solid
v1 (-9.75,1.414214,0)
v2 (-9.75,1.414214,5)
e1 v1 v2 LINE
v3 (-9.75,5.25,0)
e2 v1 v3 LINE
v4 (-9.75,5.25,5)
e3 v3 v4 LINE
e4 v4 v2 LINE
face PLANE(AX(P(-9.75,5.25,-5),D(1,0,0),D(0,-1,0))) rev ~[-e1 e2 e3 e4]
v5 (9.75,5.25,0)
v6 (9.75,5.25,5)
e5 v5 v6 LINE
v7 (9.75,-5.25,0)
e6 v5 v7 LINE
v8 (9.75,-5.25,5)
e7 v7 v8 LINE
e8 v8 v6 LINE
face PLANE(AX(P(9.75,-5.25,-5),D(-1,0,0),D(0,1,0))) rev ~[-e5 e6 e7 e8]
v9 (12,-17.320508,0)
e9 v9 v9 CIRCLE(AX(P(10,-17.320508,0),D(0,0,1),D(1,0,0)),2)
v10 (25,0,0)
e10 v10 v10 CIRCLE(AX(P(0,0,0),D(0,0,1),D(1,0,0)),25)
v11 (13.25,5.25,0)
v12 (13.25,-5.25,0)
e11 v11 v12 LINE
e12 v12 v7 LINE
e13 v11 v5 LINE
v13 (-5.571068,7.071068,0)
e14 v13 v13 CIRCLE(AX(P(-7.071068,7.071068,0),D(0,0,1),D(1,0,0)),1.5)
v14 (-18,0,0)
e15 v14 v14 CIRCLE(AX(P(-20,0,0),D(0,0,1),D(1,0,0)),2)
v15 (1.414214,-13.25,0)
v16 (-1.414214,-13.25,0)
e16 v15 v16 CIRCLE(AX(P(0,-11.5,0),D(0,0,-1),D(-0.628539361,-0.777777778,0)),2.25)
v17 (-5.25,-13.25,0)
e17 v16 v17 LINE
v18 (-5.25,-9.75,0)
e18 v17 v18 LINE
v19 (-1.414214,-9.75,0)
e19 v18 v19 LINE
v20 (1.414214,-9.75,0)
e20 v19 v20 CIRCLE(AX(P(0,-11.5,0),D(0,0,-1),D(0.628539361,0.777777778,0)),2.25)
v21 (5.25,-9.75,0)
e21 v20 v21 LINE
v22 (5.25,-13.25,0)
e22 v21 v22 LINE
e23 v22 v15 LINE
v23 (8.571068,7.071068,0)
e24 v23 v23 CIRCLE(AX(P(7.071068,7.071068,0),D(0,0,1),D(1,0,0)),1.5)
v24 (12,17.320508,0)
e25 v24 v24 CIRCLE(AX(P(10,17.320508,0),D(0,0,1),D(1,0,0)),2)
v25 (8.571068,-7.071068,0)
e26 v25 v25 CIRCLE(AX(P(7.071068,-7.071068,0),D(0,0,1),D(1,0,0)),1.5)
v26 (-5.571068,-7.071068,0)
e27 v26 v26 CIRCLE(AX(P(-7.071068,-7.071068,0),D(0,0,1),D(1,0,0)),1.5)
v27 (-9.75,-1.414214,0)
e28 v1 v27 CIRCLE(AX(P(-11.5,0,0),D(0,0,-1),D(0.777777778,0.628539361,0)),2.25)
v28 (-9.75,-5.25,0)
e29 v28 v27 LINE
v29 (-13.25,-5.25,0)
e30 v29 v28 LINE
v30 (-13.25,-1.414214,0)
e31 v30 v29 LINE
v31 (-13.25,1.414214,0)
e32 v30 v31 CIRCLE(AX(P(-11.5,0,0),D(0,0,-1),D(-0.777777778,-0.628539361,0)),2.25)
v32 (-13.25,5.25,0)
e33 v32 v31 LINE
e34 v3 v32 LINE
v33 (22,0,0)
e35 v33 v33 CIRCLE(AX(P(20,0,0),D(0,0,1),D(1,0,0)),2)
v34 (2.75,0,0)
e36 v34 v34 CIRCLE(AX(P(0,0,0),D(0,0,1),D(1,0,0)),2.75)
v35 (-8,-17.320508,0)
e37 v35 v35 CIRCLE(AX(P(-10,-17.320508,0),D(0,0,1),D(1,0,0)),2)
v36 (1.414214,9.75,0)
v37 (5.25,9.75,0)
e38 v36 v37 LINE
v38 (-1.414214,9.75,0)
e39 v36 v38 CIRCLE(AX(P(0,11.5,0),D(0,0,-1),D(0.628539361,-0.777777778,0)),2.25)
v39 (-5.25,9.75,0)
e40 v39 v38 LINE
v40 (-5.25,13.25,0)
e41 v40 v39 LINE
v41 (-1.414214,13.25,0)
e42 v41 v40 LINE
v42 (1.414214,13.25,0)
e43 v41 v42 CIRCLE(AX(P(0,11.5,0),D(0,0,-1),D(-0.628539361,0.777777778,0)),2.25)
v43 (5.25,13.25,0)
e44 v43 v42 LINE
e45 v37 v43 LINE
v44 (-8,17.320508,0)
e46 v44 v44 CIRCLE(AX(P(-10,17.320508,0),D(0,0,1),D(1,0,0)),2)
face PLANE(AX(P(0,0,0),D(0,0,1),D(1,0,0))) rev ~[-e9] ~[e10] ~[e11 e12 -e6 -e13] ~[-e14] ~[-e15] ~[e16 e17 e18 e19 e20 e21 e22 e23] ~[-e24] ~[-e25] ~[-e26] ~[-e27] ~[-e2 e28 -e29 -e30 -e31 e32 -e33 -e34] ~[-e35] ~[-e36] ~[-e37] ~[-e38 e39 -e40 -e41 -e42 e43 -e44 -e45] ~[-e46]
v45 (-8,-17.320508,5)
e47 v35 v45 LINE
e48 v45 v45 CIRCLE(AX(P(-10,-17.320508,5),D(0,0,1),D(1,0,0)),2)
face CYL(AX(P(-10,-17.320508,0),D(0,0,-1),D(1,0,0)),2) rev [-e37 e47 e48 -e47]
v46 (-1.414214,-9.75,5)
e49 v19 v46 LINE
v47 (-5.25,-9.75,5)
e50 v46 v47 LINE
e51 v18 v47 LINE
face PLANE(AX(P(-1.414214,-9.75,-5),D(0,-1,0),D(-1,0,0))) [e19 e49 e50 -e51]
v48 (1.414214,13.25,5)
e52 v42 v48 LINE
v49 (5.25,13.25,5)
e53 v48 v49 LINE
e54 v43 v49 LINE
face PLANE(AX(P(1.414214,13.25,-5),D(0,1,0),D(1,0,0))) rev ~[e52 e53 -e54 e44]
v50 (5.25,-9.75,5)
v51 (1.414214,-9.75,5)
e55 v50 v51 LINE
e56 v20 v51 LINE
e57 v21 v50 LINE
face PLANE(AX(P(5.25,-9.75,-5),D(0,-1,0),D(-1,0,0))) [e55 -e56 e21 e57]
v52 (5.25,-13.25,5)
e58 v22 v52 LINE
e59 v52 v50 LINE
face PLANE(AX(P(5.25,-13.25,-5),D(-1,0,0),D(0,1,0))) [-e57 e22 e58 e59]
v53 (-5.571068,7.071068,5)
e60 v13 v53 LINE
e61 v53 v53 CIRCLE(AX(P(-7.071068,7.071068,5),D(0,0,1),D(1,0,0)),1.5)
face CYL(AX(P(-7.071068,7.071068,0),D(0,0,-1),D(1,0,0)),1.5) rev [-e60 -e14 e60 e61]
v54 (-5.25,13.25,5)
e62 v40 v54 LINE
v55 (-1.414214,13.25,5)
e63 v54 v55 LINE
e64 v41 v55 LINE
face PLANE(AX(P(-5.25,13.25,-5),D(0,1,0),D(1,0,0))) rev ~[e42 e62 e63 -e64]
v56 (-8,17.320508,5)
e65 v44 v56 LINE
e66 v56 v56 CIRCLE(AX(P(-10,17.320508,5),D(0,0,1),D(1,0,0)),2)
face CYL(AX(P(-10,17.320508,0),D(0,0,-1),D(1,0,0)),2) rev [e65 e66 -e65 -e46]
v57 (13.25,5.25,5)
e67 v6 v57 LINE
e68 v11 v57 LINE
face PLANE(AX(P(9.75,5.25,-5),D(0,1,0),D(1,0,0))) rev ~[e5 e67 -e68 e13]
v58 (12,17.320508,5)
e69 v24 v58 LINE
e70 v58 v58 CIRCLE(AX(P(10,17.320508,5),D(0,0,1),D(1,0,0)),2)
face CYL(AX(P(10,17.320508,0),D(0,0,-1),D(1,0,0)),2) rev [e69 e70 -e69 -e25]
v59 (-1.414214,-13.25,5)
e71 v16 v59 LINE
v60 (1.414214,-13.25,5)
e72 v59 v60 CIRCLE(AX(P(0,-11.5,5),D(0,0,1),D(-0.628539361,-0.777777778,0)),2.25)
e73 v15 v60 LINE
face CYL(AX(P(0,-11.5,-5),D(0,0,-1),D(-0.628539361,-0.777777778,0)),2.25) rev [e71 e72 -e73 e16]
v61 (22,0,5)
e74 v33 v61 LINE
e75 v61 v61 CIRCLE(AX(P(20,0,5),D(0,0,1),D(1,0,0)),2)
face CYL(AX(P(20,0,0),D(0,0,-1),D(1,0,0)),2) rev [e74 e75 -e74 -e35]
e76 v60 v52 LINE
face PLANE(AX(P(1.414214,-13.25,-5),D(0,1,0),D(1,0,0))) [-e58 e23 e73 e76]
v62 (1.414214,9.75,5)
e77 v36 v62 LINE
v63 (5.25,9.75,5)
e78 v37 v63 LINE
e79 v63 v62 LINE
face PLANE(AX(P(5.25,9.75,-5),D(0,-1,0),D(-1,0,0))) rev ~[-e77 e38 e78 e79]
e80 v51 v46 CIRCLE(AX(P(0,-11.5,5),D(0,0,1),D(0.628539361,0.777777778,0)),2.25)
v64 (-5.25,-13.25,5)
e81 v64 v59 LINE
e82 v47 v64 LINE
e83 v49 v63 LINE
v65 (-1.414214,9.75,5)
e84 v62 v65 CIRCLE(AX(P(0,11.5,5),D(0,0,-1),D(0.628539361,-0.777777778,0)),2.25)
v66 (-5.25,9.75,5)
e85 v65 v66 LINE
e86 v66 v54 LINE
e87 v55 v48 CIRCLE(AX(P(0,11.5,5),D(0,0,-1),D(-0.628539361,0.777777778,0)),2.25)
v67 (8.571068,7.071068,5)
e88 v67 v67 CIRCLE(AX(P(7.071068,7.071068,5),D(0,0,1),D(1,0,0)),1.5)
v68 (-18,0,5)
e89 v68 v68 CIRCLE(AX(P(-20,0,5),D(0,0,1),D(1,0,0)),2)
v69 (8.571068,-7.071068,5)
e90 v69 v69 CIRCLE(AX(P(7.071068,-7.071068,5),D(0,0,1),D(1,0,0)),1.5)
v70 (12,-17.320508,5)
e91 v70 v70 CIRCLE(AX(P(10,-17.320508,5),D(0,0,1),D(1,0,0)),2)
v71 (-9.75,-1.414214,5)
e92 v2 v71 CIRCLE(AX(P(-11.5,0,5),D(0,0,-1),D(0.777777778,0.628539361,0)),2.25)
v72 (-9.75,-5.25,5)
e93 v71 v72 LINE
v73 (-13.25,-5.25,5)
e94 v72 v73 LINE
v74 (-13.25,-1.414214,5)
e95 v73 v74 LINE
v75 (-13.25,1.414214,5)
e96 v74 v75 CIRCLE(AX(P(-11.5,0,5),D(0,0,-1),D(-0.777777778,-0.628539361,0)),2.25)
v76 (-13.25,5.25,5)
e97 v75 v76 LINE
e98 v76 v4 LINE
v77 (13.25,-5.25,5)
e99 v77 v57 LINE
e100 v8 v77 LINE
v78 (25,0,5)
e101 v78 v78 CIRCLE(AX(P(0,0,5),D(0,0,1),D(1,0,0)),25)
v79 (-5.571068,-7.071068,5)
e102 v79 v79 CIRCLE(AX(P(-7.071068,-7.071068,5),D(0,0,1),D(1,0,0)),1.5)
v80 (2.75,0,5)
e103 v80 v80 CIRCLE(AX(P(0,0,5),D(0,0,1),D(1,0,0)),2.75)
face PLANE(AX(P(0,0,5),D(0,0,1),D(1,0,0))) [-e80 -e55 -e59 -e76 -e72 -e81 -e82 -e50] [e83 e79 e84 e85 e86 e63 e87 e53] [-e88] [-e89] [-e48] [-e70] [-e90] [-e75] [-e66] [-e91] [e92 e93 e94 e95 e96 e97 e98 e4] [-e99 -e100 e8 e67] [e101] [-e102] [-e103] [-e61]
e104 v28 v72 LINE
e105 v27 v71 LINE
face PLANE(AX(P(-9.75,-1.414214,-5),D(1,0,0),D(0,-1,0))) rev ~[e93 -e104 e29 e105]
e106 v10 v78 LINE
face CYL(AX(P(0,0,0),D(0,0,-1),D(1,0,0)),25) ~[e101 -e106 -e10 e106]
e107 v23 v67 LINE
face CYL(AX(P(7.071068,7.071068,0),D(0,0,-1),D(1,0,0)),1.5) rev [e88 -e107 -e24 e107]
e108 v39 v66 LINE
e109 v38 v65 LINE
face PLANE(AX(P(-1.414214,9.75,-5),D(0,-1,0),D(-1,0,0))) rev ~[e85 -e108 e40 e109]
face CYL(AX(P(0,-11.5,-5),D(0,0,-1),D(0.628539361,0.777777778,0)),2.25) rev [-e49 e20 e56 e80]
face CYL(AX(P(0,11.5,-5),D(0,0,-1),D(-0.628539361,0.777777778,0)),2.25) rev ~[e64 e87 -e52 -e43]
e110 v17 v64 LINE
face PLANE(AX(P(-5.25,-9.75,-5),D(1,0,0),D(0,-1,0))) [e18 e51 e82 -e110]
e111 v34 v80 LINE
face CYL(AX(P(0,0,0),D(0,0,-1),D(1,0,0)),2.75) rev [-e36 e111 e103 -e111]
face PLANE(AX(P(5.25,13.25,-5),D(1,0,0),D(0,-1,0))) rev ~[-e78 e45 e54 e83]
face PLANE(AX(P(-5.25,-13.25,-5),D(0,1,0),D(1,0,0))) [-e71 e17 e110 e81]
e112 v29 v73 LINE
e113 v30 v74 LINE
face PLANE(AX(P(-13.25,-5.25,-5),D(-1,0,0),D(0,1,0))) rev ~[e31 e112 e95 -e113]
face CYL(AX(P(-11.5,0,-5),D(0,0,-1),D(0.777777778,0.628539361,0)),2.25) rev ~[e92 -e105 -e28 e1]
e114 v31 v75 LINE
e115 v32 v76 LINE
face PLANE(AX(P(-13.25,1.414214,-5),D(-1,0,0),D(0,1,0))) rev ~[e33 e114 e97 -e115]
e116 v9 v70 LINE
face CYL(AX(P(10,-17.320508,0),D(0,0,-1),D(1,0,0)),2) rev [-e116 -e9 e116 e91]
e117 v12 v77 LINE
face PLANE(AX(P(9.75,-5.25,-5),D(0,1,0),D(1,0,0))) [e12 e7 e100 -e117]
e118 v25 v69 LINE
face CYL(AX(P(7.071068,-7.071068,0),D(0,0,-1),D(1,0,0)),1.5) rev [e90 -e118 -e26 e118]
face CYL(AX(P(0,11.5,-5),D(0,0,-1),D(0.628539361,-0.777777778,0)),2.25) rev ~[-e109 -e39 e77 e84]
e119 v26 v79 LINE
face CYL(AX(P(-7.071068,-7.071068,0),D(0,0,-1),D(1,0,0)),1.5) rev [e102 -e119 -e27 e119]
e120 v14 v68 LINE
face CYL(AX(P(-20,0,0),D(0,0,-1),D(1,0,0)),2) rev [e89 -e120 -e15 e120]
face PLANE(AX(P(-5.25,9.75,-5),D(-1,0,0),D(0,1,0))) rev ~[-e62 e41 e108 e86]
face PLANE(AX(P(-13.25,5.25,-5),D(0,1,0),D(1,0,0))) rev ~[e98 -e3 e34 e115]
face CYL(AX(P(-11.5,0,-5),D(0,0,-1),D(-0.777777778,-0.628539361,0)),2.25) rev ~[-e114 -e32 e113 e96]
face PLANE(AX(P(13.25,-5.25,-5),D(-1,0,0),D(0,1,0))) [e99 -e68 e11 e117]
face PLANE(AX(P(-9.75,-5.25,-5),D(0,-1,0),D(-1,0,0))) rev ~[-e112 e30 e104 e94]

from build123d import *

# Parameters (mm, degrees)
SKETCH_1_R          = 25
SKETCH_1_W          = 3
SKETCH_1_H          = 10
SKETCH_1_R_2        = 2
SKETCH_1_R_3        = 1.5
SKETCH_1_R_4        = 2.75
EXTRUDE_1_DEPTH     = 5
CUT_EXTRUDE_START   = -10
SKETCH_3_W          = 3.5
SKETCH_3_H          = 10.5
SKETCH_3_W_2        = 3
SKETCH_3_H_2        = 10
CUT_EXTRUDE_1_DEPTH = 10


with BuildPart() as part:
    # 草图1 → 凸台-拉伸1 (new body)
    with BuildSketch(Plane.XY):
        Circle(SKETCH_1_R)
        with Locations((11.5, 0)):
            Rectangle(SKETCH_1_W, SKETCH_1_H, mode=Mode.SUBTRACT)
        with Locations((-10, -17.320508076)):
            Circle(SKETCH_1_R_2, mode=Mode.SUBTRACT)
        with Locations((-7.071067812, -7.071067812)):
            Circle(SKETCH_1_R_3, mode=Mode.SUBTRACT)
        with BuildLine():
            Line((-10, -1.322875656), (-10, -5))
            Line((-10, -5), (-13, -5))
            Line((-13, -5), (-13, -1.322875656))
            ThreePointArc((-13, -1.322875656), (-13.5, 0), (-13, 1.322875656))
            Line((-13, 1.322875656), (-13, 5))
            Line((-13, 5), (-10, 5))
            Line((-10, 5), (-10, 1.322875656))
            ThreePointArc((-10, 1.322875656), (-9.5, 0), (-10, -1.322875656))
        make_face(mode=Mode.SUBTRACT)
        with Locations((10, -17.320508076)):
            Circle(SKETCH_1_R_2, mode=Mode.SUBTRACT)
        with BuildLine():
            Line((1.322875656, -10), (5, -10))
            Line((5, -10), (5, -13))
            Line((5, -13), (1.322875656, -13))
            ThreePointArc((1.322875656, -13), (0, -13.5), (-1.322875656, -13))
            Line((-1.322875656, -13), (-5, -13))
            Line((-5, -13), (-5, -10))
            Line((-5, -10), (-1.322875656, -10))
            ThreePointArc((-1.322875656, -10), (0, -9.5), (1.322875656, -10))
        make_face(mode=Mode.SUBTRACT)
        with Locations((7.071067812, -7.071067812)):
            Circle(SKETCH_1_R_3, mode=Mode.SUBTRACT)
        with Locations((-20, 0)):
            Circle(SKETCH_1_R_2, mode=Mode.SUBTRACT)
        with Locations((-7.071067812, 7.071067812)):
            Circle(SKETCH_1_R_3, mode=Mode.SUBTRACT)
        with BuildLine():
            Line((-1.322875656, 10), (-5, 10))
            Line((-5, 10), (-5, 13))
            Line((-5, 13), (-1.322875656, 13))
            ThreePointArc((-1.322875656, 13), (0, 13.5), (1.322875656, 13))
            Line((1.322875656, 13), (5, 13))
            Line((5, 13), (5, 10))
            Line((5, 10), (1.322875656, 10))
            ThreePointArc((1.322875656, 10), (0, 9.5), (-1.322875656, 10))
        make_face(mode=Mode.SUBTRACT)
        with Locations((-10, 17.320508076)):
            Circle(SKETCH_1_R_2, mode=Mode.SUBTRACT)
        Circle(SKETCH_1_R_4, mode=Mode.SUBTRACT)
        with Locations((10, 17.320508076)):
            Circle(SKETCH_1_R_2, mode=Mode.SUBTRACT)
        with Locations((7.071067812, 7.071067812)):
            Circle(SKETCH_1_R_3, mode=Mode.SUBTRACT)
        with Locations((20, 0)):
            Circle(SKETCH_1_R_2, mode=Mode.SUBTRACT)
    extrude(amount=EXTRUDE_1_DEPTH)

    # 草图3 → 切除-拉伸1 (cut)
    # profile 1 of 4: a face of its own
    with BuildSketch(Plane.XY.offset(5).offset(CUT_EXTRUDE_START)):
        with BuildLine():
            Line((-5.25, 9.75), (-5.25, 13.25))
            Line((-5.25, 13.25), (-1.414213562, 13.25))
            ThreePointArc((-1.414213562, 13.25), (0, 13.75), (1.414213562, 13.25))
            Line((1.414213562, 13.25), (5.25, 13.25))
            Line((5.25, 13.25), (5.25, 9.75))
            Line((5.25, 9.75), (1.414213562, 9.75))
            ThreePointArc((1.414213562, 9.75), (0, 9.25), (-1.414213562, 9.75))
            Line((-1.414213562, 9.75), (-5.25, 9.75))
        make_face()
        with BuildLine():
            Line((-5, 10), (-5, 13))
            Line((-5, 13), (-1.322875656, 13))
            ThreePointArc((-1.322875656, 13), (0, 13.5), (1.322875656, 13))
            Line((1.322875656, 13), (5, 13))
            Line((5, 13), (5, 10))
            Line((5, 10), (1.322875656, 10))
            ThreePointArc((1.322875656, 10), (0, 9.5), (-1.322875656, 10))
            Line((-1.322875656, 10), (-5, 10))
        make_face(mode=Mode.SUBTRACT)
    # profile 2 of 4: a face of its own
    with BuildSketch(Plane.XY.offset(5).offset(CUT_EXTRUDE_START)):
        with BuildLine():
            Line((-13.25, -5.25), (-13.25, -1.414213562))
            ThreePointArc((-13.25, -1.414213562), (-13.75, 0), (-13.25, 1.414213562))
            Line((-13.25, 1.414213562), (-13.25, 5.25))
            Line((-13.25, 5.25), (-9.75, 5.25))
            Line((-9.75, 5.25), (-9.75, 1.414213562))
            ThreePointArc((-9.75, 1.414213562), (-9.25, 0), (-9.75, -1.414213562))
            Line((-9.75, -1.414213562), (-9.75, -5.25))
            Line((-9.75, -5.25), (-13.25, -5.25))
        make_face()
        with BuildLine():
            Line((-13, -5), (-13, -1.322875656))
            ThreePointArc((-13, -1.322875656), (-13.5, 0), (-13, 1.322875656))
            Line((-13, 1.322875656), (-13, 5))
            Line((-13, 5), (-10, 5))
            Line((-10, 5), (-10, 1.322875656))
            ThreePointArc((-10, 1.322875656), (-9.5, 0), (-10, -1.322875656))
            Line((-10, -1.322875656), (-10, -5))
            Line((-10, -5), (-13, -5))
        make_face(mode=Mode.SUBTRACT)
    # profile 3 of 4: a face of its own
    with BuildSketch(Plane.XY.offset(5).offset(CUT_EXTRUDE_START)):
        with BuildLine():
            Line((5.25, -9.75), (1.414213562, -9.75))
            ThreePointArc((1.414213562, -9.75), (0, -9.25), (-1.414213562, -9.75))
            Line((-1.414213562, -9.75), (-5.25, -9.75))
            Line((-5.25, -9.75), (-5.25, -13.25))
            Line((-5.25, -13.25), (-1.414213562, -13.25))
            ThreePointArc((-1.414213562, -13.25), (0, -13.75), (1.414213562, -13.25))
            Line((1.414213562, -13.25), (5.25, -13.25))
            Line((5.25, -13.25), (5.25, -9.75))
        make_face()
        with BuildLine():
            Line((5, -10), (1.322875656, -10))
            ThreePointArc((1.322875656, -10), (0, -9.5), (-1.322875656, -10))
            Line((-1.322875656, -10), (-5, -10))
            Line((-5, -10), (-5, -13))
            Line((-5, -13), (-1.322875656, -13))
            ThreePointArc((-1.322875656, -13), (0, -13.5), (1.322875656, -13))
            Line((1.322875656, -13), (5, -13))
            Line((5, -13), (5, -10))
        make_face(mode=Mode.SUBTRACT)
    # profile 4 of 4: a face of its own
    with BuildSketch(Plane.XY.offset(5).offset(CUT_EXTRUDE_START)):
        with Locations((11.5, 0)):
            Rectangle(SKETCH_3_W, SKETCH_3_H)
        with Locations((11.5, 0)):
            Rectangle(SKETCH_3_W_2, SKETCH_3_H_2, mode=Mode.SUBTRACT)
    extrude(amount=CUT_EXTRUDE_1_DEPTH, mode=Mode.SUBTRACT)


solid = part.part
